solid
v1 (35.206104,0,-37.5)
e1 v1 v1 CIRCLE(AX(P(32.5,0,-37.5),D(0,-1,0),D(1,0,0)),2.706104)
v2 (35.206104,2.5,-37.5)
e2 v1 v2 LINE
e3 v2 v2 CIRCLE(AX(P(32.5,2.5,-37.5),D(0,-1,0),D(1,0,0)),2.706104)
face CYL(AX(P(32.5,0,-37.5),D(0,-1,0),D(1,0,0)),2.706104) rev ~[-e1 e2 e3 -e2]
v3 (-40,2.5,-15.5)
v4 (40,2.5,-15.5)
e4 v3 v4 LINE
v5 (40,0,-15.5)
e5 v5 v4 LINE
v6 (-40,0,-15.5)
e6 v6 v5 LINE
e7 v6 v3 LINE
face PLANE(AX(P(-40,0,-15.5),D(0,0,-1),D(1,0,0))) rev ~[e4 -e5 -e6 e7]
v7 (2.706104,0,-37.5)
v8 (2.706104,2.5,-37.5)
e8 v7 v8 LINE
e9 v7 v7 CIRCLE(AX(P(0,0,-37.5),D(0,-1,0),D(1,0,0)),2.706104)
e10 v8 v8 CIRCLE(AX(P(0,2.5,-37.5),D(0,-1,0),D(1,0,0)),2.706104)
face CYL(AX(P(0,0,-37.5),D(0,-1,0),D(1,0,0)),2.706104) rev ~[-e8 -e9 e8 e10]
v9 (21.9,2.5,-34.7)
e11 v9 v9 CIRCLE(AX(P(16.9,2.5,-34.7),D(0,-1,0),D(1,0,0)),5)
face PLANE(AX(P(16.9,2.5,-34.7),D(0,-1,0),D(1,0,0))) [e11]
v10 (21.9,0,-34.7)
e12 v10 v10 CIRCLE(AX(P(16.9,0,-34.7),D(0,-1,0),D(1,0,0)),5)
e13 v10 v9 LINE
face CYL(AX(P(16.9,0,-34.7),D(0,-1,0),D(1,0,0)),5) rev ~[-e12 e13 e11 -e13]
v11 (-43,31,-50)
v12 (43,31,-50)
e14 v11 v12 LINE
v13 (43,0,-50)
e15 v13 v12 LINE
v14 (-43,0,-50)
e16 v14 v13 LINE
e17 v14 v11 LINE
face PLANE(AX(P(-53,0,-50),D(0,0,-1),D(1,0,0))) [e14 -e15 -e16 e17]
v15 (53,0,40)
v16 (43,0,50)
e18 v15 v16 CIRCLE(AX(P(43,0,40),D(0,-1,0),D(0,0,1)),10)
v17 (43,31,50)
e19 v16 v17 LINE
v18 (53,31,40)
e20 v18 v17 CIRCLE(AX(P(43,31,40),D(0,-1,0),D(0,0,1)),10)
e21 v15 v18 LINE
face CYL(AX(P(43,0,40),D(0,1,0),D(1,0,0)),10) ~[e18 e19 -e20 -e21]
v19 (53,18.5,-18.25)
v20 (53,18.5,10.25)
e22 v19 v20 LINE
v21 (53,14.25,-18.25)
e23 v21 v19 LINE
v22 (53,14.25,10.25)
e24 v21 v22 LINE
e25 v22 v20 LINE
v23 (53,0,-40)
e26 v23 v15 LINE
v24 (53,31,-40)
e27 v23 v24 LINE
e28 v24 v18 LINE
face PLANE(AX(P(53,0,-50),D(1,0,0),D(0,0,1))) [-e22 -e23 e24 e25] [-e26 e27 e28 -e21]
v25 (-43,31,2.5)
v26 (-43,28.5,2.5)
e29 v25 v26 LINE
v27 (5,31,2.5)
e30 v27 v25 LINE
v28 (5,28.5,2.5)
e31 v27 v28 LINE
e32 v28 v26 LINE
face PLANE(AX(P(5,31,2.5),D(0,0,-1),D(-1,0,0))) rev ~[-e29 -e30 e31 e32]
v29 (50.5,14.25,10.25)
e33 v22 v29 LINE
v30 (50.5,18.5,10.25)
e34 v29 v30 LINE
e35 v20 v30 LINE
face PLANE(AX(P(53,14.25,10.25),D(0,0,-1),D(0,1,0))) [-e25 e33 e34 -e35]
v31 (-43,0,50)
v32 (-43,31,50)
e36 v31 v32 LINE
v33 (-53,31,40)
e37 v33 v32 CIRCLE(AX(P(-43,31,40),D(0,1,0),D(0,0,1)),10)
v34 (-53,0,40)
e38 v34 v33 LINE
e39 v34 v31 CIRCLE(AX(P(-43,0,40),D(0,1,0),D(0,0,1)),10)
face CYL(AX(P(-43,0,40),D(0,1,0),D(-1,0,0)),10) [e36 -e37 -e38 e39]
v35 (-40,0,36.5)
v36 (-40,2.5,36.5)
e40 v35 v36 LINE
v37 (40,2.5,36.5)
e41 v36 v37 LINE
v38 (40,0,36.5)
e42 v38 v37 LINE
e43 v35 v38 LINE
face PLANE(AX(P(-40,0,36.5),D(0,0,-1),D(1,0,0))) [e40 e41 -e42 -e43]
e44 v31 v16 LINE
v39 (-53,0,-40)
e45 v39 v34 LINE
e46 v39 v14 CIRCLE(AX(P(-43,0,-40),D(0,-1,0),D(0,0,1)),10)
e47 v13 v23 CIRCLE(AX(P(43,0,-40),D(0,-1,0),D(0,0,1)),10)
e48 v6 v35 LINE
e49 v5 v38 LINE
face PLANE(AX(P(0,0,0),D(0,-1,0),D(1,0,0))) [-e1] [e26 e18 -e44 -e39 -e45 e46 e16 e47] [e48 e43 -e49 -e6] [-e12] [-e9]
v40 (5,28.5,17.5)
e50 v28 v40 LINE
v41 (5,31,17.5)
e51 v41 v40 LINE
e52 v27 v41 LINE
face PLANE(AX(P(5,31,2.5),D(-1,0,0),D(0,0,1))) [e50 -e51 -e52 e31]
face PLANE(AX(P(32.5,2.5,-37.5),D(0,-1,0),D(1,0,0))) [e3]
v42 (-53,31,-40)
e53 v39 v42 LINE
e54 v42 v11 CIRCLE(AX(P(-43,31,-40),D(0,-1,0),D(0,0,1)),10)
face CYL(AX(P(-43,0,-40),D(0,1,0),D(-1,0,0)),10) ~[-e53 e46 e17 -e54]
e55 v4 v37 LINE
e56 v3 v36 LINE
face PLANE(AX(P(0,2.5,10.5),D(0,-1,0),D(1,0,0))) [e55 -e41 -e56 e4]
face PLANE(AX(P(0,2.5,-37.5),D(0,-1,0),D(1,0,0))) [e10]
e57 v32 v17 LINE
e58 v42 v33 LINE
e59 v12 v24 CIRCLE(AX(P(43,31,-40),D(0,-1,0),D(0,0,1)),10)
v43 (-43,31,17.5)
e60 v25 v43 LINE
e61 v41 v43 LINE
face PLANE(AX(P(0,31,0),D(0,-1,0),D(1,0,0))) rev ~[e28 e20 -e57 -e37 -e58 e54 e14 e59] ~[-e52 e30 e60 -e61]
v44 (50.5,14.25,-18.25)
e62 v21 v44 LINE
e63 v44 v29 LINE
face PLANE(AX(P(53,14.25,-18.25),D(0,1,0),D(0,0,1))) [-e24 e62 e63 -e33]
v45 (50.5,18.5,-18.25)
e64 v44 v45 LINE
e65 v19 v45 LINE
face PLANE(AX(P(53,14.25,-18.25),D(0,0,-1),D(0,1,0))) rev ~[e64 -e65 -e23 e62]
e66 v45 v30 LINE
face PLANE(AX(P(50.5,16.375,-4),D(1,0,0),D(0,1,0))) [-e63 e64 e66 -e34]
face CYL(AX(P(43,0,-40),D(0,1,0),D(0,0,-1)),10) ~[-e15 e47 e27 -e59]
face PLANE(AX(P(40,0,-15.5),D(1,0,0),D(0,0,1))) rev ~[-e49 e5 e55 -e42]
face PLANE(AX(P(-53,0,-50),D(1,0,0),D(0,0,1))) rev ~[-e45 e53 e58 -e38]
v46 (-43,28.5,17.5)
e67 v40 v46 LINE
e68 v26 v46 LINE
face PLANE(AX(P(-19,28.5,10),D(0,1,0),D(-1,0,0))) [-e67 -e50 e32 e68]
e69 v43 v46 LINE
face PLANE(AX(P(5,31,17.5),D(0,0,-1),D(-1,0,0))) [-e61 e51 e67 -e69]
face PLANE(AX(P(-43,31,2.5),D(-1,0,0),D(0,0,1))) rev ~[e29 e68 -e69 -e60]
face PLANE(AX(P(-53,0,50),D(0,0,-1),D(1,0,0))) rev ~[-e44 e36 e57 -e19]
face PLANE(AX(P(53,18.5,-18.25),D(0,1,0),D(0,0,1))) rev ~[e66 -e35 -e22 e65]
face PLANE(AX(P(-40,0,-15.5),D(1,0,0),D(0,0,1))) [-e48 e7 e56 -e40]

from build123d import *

# Parameters (mm, degrees)
F0_W     = 106
F0_H     = 100
F0_R     = 2.706104
F0_R_2   = 5
F0_W_2   = 80
F0_H_2   = 52
F1_DEPTH = 31
F2_R     = 10
F3_DEPTH = 2.5
F4_W     = 48
F4_H     = 15
F5_DEPTH = 2.5
F6_W     = 4.25
F6_H     = 28.5
F7_DEPTH = 2.5


with BuildPart() as f1:
    # F0 (on Front) → F1 (new body)
    with BuildSketch(Plane.XZ):
        Rectangle(F0_W, F0_H)
        with Locations((0, -37.5)):
            Circle(F0_R, mode=Mode.SUBTRACT)
        with Locations((16.9, -34.7)):
            Circle(F0_R_2, mode=Mode.SUBTRACT)
        with Locations((32.5, -37.5)):
            Circle(F0_R, mode=Mode.SUBTRACT)
        with Locations((0, 10.5)):
            Rectangle(F0_W_2, F0_H_2, mode=Mode.SUBTRACT)
        with Locations((0, 10.5)):
            Rectangle(F0_W_2, F0_H_2)
        with Locations((0, -37.5)):
            Circle(F0_R)
        with Locations((16.9, -34.7)):
            Circle(F0_R_2)
        with Locations((32.5, -37.5)):
            Circle(F0_R)
    extrude(amount=-F1_DEPTH)

    # F2
    f2_edges = [f1.edges().sort_by_distance(p)[0] for p in [
        (53, 15.5, -50),
        (53, 15.5, 50),
        (-53, 15.5, 50),
        (-53, 15.5, -50),
    ]]
    fillet(f2_edges, radius=F2_R)

    # F0 (on Front) → F3 (cut)
    with BuildSketch(Plane.XZ):
        with Locations((0, 10.5)):
            Rectangle(F0_W_2, F0_H_2)
        with Locations((0, -37.5)):
            Circle(F0_R)
        with Locations((16.9, -34.7)):
            Circle(F0_R_2)
        with Locations((32.5, -37.5)):
            Circle(F0_R)
    extrude(amount=-F3_DEPTH, mode=Mode.SUBTRACT)

    # F4 (on face) → F5 (cut)
    with BuildSketch(Plane(origin=(0, 31, 0), x_dir=(-1, 0, 0), z_dir=(0, 1, 0))):
        with Locations((19, 10)):
            Rectangle(F4_W, F4_H)
    extrude(amount=-F5_DEPTH, mode=Mode.SUBTRACT)

    # F6 (on face) → F7 (cut)
    with BuildSketch(Plane.YZ.offset(53)):
        with Locations((16.375, -4)):
            Rectangle(F6_W, F6_H)
    extrude(amount=-F7_DEPTH, mode=Mode.SUBTRACT)


solid = f1.part
